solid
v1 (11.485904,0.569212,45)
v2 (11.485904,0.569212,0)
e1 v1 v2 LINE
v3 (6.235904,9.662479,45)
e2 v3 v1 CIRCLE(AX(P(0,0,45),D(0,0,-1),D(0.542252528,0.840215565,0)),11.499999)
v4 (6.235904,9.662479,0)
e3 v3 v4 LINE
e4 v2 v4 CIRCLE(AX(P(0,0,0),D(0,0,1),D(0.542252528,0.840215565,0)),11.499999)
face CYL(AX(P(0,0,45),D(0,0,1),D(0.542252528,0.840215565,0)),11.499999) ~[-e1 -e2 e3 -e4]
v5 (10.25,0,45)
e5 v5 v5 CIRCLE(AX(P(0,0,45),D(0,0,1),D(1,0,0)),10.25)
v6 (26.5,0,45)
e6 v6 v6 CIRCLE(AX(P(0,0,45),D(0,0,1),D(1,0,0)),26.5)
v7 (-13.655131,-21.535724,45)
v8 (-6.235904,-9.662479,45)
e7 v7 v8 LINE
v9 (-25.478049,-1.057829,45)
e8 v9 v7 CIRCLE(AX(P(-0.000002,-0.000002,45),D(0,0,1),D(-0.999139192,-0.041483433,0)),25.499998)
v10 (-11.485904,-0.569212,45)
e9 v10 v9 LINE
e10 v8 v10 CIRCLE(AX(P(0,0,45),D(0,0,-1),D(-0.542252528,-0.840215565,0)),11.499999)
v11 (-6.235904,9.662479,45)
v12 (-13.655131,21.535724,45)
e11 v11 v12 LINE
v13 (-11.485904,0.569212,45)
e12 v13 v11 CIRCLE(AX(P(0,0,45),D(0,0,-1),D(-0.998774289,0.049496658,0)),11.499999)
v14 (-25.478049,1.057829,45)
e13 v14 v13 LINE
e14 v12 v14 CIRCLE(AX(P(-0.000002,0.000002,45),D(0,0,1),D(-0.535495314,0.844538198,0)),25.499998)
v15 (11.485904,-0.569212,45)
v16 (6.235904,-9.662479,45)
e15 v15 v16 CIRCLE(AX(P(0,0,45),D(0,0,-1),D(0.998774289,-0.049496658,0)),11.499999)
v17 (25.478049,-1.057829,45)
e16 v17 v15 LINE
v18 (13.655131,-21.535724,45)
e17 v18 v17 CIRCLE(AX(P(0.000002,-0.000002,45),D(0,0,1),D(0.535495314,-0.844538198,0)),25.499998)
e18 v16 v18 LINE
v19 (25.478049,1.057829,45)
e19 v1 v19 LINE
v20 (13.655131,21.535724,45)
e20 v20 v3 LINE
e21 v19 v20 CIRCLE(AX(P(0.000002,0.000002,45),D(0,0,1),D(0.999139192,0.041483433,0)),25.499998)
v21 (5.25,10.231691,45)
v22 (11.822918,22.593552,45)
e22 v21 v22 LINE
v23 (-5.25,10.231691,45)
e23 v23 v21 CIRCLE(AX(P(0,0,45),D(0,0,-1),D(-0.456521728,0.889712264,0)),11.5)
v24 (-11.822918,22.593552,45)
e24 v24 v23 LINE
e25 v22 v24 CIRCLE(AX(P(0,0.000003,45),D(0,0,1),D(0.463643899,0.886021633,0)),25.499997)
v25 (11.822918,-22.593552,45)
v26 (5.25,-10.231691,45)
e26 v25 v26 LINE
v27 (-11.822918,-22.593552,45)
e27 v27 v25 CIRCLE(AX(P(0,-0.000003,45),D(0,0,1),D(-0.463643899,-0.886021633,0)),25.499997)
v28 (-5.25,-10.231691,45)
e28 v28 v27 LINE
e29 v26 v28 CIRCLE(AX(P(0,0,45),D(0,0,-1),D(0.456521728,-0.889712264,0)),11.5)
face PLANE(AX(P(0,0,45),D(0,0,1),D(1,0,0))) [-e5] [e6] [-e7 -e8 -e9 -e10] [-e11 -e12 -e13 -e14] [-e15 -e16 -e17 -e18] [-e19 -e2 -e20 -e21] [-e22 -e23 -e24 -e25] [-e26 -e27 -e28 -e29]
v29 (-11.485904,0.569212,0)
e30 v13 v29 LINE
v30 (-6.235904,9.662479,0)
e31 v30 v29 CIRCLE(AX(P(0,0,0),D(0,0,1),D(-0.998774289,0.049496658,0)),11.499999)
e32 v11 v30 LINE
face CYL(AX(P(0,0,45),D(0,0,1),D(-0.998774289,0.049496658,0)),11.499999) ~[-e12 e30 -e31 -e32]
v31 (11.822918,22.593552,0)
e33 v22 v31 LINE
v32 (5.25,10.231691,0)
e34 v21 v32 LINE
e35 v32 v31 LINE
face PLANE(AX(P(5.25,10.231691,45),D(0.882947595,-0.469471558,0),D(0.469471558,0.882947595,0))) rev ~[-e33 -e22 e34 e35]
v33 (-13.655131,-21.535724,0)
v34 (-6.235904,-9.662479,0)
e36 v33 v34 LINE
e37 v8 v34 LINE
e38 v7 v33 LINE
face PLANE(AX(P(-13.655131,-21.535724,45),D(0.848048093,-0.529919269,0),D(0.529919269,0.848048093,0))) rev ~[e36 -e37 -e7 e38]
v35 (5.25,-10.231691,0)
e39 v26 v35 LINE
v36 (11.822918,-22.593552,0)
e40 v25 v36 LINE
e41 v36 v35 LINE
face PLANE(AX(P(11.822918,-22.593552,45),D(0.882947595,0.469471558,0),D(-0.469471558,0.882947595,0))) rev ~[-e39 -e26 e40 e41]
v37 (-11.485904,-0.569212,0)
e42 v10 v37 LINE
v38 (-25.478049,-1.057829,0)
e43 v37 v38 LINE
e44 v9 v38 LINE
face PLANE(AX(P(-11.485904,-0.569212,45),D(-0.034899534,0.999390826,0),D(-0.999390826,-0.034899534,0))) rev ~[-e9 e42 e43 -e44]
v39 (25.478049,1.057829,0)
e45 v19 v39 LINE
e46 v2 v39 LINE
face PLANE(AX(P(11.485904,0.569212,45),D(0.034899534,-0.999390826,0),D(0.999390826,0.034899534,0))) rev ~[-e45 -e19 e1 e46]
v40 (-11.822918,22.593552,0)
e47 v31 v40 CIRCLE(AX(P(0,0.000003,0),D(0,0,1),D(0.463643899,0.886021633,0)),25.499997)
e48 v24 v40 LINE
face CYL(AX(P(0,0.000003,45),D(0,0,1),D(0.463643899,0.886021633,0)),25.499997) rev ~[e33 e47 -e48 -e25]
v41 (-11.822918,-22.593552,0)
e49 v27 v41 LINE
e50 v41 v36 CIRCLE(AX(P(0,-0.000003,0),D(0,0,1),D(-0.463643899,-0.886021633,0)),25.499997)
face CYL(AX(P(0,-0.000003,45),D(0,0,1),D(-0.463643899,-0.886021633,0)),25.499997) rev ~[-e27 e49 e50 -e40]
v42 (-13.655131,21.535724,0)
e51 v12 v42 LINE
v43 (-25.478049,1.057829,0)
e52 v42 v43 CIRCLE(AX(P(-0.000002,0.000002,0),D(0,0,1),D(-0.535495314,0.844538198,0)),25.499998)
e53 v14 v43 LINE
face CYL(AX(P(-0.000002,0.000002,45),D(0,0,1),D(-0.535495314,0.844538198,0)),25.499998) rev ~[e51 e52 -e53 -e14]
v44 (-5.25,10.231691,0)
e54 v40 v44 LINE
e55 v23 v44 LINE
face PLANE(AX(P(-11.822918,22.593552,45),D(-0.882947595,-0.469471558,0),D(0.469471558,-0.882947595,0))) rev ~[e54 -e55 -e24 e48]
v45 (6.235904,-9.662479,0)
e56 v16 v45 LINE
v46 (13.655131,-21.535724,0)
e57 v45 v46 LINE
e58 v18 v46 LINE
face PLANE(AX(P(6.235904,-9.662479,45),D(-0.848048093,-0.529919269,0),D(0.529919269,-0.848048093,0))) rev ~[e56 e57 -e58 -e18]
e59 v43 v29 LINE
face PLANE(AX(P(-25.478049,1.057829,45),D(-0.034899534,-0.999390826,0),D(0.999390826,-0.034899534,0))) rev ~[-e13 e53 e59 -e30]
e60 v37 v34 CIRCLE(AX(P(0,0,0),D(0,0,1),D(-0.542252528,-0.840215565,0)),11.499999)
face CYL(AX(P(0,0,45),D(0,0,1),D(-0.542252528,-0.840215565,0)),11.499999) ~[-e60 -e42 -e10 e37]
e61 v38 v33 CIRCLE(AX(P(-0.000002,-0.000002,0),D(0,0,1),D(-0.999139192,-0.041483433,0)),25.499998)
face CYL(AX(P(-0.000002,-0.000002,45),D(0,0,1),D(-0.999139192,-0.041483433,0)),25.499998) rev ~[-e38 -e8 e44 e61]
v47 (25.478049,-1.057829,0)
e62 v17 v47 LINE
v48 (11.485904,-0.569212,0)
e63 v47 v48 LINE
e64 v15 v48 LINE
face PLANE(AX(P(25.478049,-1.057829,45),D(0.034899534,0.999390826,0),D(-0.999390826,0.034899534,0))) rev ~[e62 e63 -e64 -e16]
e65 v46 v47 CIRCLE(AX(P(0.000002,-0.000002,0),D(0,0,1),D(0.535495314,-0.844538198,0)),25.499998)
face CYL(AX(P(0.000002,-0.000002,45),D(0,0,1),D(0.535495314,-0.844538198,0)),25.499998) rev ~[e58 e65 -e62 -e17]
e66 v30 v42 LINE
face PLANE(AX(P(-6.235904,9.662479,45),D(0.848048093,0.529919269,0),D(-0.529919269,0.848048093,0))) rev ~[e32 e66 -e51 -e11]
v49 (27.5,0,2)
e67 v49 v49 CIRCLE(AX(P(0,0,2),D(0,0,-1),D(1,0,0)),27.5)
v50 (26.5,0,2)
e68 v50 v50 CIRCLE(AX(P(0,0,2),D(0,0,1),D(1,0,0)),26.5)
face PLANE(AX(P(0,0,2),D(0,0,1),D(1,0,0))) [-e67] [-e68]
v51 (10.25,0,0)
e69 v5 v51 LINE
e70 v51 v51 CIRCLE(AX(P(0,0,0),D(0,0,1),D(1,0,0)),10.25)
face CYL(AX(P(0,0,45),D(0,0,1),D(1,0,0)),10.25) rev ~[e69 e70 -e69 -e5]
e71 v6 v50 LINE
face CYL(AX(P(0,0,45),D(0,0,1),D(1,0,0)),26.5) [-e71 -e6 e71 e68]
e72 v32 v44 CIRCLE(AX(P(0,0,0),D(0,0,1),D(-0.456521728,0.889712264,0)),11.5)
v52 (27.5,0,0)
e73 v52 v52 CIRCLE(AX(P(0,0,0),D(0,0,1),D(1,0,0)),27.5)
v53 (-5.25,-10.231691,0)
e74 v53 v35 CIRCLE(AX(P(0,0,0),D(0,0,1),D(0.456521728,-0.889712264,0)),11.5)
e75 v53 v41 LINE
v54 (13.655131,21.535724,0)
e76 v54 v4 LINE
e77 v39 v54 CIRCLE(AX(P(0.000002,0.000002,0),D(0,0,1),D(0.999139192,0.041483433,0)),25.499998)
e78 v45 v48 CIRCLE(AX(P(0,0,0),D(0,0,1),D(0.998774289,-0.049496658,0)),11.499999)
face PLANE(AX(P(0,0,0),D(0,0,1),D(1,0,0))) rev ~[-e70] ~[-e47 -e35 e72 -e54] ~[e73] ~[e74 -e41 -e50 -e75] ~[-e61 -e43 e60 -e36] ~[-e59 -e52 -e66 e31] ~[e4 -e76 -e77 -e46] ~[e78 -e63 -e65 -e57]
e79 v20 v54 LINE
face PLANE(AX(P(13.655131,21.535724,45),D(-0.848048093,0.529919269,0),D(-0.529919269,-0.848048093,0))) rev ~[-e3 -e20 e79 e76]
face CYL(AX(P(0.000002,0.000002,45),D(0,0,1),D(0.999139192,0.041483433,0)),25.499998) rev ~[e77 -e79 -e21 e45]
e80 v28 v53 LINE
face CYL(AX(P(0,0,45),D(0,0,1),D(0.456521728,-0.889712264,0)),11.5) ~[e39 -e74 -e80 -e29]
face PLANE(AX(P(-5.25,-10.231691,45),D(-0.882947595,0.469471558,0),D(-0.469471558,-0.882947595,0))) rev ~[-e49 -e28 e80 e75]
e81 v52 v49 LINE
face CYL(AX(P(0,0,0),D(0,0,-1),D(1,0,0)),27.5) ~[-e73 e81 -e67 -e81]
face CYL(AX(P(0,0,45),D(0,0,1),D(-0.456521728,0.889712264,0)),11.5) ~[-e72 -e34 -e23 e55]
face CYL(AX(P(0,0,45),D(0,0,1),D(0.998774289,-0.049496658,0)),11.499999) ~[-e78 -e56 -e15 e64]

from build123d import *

# Parameters (mm, degrees)
F0_R     = 27.5
F1_DEPTH = 45
F2_R     = 41.570783
F2_R_2   = 26.5
F3_DEPTH = 43
F4_R     = 10.25
F5_DEPTH = 45.001
F7_DEPTH = 45.001


with BuildPart() as f1:
    # F0 (on Top) → F1 (new body)
    with BuildSketch(Plane.XY):
        Circle(F0_R)
    extrude(amount=F1_DEPTH)

    # F2 (on face) → F3 (cut)
    with BuildSketch(Plane.XY.offset(45)):
        Circle(F2_R)
        Circle(F2_R_2, mode=Mode.SUBTRACT)
    extrude(amount=-F3_DEPTH, mode=Mode.SUBTRACT)

    # F4 (on face) → F5 (cut, through all)
    with BuildSketch(Plane.XY.offset(45)):
        Circle(F4_R)
    extrude(amount=-F5_DEPTH, mode=Mode.SUBTRACT)

    # F6 (on face) → F7 (cut, through all)
    with BuildSketch(Plane.XY.offset(45)):
        with BuildLine():
            ThreePointArc((-5.25, 10.231691), (0, 11.5), (5.25, 10.231691))
            Line((5.25, 10.231691), (11.822918, 22.593552))
            ThreePointArc((11.822918, 22.593552), (0, 25.5), (-11.822918, 22.593552))
            Line((-11.822918, 22.593552), (-5.25, 10.231691))
        make_face()
        with BuildLine():
            ThreePointArc((-11.485904, 0.569212), (-9.959292, 5.75), (-6.235904, 9.662479))
            Line((-6.235904, 9.662479), (-13.655131, 21.535724))
            ThreePointArc((-13.655131, 21.535724), (-22.083648, 12.75), (-25.478049, 1.057829))
            Line((-25.478049, 1.057829), (-11.485904, 0.569212))
        make_face()
        with BuildLine():
            ThreePointArc((-6.235904, -9.662479), (-9.959292, -5.75), (-11.485904, -0.569212))
            Line((-11.485904, -0.569212), (-25.478049, -1.057829))
            ThreePointArc((-25.478049, -1.057829), (-22.083648, -12.75), (-13.655131, -21.535724))
            Line((-13.655131, -21.535724), (-6.235904, -9.662479))
        make_face()
        with BuildLine():
            ThreePointArc((5.25, -10.231691), (0, -11.5), (-5.25, -10.231691))
            Line((-5.25, -10.231691), (-11.822918, -22.593552))
            ThreePointArc((-11.822918, -22.593552), (0, -25.5), (11.822918, -22.593552))
            Line((11.822918, -22.593552), (5.25, -10.231691))
        make_face()
        with BuildLine():
            ThreePointArc((11.485904, -0.569212), (9.959292, -5.75), (6.235904, -9.662479))
            Line((6.235904, -9.662479), (13.655131, -21.535724))
            ThreePointArc((13.655131, -21.535724), (22.083648, -12.75), (25.478049, -1.057829))
            Line((25.478049, -1.057829), (11.485904, -0.569212))
        make_face()
        with BuildLine():
            ThreePointArc((6.235904, 9.662479), (9.959292, 5.75), (11.485904, 0.569212))
            Line((11.485904, 0.569212), (25.478049, 1.057829))
            ThreePointArc((25.478049, 1.057829), (22.083648, 12.75), (13.655131, 21.535724))
            Line((13.655131, 21.535724), (6.235904, 9.662479))
        make_face()
    extrude(amount=-F7_DEPTH, mode=Mode.SUBTRACT)


solid = f1.part
